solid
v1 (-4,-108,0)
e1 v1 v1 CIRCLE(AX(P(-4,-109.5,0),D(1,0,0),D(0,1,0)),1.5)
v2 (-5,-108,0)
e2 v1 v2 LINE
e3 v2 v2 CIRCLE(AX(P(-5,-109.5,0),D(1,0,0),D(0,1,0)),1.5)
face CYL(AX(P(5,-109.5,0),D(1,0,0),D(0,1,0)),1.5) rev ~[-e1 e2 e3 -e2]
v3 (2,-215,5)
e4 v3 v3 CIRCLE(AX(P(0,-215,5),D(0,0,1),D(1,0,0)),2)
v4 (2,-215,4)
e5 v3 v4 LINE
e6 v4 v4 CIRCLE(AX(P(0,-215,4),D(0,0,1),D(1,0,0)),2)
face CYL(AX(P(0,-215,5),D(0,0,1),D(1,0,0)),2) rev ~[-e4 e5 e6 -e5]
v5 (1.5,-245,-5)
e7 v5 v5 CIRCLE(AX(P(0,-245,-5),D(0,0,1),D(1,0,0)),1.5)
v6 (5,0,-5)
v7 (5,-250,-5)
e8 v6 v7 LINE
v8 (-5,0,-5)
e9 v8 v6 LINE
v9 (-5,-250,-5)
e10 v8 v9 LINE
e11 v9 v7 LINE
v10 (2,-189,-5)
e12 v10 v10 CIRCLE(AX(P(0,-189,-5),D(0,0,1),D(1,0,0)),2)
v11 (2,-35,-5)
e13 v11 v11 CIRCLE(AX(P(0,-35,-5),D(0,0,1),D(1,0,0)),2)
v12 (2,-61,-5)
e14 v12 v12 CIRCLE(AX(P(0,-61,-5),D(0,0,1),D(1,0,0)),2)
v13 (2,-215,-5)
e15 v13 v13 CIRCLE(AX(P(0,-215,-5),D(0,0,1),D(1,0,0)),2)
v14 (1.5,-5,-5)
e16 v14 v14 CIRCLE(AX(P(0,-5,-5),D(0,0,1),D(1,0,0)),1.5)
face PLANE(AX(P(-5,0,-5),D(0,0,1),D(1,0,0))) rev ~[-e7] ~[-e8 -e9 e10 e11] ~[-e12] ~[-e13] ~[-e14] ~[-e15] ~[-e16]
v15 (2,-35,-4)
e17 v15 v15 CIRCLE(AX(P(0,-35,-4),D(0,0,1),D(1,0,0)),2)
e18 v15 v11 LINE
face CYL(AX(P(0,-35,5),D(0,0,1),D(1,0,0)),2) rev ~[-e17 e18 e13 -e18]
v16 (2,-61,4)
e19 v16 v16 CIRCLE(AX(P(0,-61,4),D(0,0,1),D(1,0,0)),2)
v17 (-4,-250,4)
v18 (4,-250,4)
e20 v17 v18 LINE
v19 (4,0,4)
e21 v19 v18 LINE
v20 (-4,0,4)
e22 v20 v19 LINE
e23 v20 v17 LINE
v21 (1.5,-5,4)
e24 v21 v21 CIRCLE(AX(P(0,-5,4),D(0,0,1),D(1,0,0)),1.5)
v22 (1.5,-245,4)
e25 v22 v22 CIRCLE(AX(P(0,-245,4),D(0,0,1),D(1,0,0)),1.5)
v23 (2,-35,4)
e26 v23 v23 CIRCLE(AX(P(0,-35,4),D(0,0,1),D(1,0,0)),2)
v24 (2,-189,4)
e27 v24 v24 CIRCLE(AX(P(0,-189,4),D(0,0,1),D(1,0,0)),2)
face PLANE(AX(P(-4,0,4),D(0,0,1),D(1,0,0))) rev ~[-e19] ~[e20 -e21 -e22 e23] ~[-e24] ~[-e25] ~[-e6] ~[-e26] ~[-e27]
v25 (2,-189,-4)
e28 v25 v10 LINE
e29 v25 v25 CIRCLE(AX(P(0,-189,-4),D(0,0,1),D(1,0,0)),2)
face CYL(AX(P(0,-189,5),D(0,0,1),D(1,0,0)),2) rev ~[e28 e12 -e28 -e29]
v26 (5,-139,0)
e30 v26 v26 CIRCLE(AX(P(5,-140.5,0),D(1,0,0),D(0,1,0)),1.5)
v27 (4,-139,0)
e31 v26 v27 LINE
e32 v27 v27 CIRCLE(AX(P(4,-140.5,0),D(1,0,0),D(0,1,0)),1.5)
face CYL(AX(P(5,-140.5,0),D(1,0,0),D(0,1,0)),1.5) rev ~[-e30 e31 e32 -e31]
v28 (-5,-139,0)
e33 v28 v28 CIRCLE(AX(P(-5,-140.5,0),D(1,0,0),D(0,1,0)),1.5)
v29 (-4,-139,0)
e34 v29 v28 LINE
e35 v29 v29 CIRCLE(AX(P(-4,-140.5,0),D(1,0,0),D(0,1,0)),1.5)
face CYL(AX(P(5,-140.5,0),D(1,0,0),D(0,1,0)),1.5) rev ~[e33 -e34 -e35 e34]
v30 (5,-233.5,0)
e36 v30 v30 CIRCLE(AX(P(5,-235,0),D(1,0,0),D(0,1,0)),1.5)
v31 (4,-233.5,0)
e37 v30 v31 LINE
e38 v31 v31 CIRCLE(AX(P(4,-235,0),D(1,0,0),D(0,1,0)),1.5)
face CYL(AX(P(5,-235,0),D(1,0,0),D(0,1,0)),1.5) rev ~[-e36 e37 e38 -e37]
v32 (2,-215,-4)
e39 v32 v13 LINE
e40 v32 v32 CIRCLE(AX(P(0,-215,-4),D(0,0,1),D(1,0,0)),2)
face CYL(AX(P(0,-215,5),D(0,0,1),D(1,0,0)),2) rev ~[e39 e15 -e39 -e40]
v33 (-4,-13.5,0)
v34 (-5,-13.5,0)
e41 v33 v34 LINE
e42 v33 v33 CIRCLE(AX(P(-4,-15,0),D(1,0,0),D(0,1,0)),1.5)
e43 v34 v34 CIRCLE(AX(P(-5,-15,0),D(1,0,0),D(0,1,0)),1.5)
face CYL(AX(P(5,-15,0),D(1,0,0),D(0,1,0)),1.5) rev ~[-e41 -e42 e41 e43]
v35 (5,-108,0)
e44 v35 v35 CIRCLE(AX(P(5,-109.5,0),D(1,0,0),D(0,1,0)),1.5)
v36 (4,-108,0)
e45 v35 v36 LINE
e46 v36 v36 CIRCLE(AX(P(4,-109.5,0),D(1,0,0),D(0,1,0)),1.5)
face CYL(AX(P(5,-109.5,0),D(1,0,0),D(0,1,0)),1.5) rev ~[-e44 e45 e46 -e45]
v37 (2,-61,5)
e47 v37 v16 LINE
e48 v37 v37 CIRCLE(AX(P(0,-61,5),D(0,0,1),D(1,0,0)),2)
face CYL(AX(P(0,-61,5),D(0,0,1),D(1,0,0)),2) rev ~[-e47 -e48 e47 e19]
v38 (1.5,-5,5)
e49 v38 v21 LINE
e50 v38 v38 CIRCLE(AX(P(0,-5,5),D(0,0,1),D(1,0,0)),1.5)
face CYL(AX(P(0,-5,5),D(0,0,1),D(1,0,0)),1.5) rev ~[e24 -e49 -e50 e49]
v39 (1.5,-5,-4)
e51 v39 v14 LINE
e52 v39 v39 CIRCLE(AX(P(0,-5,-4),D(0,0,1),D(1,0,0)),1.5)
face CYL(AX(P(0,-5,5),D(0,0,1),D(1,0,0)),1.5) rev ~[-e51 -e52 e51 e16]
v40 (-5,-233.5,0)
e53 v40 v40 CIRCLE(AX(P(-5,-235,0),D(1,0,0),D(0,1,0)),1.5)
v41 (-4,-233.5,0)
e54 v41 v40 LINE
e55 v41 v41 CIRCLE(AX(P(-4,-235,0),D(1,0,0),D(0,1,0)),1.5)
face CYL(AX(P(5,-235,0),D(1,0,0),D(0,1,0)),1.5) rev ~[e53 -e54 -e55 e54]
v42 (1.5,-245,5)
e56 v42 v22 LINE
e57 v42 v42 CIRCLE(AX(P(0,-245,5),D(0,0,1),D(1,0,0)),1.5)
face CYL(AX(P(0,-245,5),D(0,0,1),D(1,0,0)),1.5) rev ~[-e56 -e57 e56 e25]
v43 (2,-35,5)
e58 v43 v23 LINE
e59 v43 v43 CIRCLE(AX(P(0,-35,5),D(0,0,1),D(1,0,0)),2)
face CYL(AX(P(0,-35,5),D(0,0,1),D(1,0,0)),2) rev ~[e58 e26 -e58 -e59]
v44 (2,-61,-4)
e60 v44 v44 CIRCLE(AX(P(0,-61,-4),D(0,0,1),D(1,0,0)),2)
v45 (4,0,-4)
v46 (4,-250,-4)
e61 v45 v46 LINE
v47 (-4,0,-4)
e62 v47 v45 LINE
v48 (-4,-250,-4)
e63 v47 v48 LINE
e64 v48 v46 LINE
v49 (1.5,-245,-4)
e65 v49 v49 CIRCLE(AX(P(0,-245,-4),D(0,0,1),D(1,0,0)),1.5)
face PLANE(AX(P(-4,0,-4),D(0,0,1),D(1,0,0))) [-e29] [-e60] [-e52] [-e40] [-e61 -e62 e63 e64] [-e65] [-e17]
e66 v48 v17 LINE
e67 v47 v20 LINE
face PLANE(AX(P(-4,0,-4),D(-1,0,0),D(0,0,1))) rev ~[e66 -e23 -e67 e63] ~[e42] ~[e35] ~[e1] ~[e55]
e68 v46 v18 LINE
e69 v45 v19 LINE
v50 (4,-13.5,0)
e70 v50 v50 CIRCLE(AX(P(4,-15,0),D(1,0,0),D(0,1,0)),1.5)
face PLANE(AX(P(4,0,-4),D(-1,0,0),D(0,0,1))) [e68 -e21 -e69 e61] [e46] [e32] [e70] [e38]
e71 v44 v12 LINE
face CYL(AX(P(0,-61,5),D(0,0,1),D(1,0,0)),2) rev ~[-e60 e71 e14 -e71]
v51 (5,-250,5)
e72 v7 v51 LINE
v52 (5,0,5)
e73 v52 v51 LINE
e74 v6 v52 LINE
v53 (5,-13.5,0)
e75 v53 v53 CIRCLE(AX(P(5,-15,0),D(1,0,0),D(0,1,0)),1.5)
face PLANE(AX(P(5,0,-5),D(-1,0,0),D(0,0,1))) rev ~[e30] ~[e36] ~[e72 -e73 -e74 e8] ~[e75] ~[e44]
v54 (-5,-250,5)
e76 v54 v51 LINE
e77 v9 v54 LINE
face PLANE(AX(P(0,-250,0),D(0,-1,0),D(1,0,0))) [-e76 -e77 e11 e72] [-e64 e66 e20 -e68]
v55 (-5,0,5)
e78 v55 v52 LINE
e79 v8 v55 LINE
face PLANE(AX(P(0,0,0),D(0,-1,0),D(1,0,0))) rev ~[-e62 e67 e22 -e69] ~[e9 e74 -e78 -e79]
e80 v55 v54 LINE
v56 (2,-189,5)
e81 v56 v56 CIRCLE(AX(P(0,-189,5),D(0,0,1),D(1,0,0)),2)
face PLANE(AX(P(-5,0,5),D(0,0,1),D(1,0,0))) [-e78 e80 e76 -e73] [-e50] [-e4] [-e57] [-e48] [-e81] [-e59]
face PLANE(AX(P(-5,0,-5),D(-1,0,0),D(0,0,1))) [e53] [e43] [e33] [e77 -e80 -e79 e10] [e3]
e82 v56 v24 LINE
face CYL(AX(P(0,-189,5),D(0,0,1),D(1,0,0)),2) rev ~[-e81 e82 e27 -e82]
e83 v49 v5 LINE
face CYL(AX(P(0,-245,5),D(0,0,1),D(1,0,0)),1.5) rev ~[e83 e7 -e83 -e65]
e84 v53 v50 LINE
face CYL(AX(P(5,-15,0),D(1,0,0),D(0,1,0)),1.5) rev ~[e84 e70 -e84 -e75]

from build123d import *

# Parameters (mm, degrees)
F0_W     = 10
F0_H     = 10
F0_W_2   = 8
F0_H_2   = 8
F1_DEPTH = 250
F2_R     = 1.5
F4_DEPTH = 25
F3_R     = 1.5
F3_R_2   = 2
F5_DEPTH = 25


with BuildPart() as f1:
    # F0 (on Front) → F1 (new body)
    with BuildSketch(Plane.XZ):
        Rectangle(F0_W, F0_H)
        Rectangle(F0_W_2, F0_H_2, mode=Mode.SUBTRACT)
    extrude(amount=F1_DEPTH)

    # F2 (on face) → F4 (cut)
    with BuildSketch(Plane.YZ.offset(5)):
        with Locations((-140.5, 0)):
            Circle(F2_R)
        with Locations((-235, 0)):
            Circle(F2_R)
        with Locations((-15, 0)):
            Circle(F2_R)
        with Locations((-109.5, 0)):
            Circle(F2_R)
    extrude(amount=-F4_DEPTH, mode=Mode.SUBTRACT)

    # F3 (on face) → F5 (cut)
    with BuildSketch(Plane.XY.offset(5)):
        with Locations((0, -245)):
            Circle(F3_R)
        with Locations((0, -215)):
            Circle(F3_R_2)
        with Locations((0, -189)):
            Circle(F3_R_2)
        with Locations((0, -61)):
            Circle(F3_R_2)
        with Locations((0, -35)):
            Circle(F3_R_2)
        with Locations((0, -5)):
            Circle(F3_R)
    extrude(amount=-F5_DEPTH, mode=Mode.SUBTRACT)


solid = f1.part
